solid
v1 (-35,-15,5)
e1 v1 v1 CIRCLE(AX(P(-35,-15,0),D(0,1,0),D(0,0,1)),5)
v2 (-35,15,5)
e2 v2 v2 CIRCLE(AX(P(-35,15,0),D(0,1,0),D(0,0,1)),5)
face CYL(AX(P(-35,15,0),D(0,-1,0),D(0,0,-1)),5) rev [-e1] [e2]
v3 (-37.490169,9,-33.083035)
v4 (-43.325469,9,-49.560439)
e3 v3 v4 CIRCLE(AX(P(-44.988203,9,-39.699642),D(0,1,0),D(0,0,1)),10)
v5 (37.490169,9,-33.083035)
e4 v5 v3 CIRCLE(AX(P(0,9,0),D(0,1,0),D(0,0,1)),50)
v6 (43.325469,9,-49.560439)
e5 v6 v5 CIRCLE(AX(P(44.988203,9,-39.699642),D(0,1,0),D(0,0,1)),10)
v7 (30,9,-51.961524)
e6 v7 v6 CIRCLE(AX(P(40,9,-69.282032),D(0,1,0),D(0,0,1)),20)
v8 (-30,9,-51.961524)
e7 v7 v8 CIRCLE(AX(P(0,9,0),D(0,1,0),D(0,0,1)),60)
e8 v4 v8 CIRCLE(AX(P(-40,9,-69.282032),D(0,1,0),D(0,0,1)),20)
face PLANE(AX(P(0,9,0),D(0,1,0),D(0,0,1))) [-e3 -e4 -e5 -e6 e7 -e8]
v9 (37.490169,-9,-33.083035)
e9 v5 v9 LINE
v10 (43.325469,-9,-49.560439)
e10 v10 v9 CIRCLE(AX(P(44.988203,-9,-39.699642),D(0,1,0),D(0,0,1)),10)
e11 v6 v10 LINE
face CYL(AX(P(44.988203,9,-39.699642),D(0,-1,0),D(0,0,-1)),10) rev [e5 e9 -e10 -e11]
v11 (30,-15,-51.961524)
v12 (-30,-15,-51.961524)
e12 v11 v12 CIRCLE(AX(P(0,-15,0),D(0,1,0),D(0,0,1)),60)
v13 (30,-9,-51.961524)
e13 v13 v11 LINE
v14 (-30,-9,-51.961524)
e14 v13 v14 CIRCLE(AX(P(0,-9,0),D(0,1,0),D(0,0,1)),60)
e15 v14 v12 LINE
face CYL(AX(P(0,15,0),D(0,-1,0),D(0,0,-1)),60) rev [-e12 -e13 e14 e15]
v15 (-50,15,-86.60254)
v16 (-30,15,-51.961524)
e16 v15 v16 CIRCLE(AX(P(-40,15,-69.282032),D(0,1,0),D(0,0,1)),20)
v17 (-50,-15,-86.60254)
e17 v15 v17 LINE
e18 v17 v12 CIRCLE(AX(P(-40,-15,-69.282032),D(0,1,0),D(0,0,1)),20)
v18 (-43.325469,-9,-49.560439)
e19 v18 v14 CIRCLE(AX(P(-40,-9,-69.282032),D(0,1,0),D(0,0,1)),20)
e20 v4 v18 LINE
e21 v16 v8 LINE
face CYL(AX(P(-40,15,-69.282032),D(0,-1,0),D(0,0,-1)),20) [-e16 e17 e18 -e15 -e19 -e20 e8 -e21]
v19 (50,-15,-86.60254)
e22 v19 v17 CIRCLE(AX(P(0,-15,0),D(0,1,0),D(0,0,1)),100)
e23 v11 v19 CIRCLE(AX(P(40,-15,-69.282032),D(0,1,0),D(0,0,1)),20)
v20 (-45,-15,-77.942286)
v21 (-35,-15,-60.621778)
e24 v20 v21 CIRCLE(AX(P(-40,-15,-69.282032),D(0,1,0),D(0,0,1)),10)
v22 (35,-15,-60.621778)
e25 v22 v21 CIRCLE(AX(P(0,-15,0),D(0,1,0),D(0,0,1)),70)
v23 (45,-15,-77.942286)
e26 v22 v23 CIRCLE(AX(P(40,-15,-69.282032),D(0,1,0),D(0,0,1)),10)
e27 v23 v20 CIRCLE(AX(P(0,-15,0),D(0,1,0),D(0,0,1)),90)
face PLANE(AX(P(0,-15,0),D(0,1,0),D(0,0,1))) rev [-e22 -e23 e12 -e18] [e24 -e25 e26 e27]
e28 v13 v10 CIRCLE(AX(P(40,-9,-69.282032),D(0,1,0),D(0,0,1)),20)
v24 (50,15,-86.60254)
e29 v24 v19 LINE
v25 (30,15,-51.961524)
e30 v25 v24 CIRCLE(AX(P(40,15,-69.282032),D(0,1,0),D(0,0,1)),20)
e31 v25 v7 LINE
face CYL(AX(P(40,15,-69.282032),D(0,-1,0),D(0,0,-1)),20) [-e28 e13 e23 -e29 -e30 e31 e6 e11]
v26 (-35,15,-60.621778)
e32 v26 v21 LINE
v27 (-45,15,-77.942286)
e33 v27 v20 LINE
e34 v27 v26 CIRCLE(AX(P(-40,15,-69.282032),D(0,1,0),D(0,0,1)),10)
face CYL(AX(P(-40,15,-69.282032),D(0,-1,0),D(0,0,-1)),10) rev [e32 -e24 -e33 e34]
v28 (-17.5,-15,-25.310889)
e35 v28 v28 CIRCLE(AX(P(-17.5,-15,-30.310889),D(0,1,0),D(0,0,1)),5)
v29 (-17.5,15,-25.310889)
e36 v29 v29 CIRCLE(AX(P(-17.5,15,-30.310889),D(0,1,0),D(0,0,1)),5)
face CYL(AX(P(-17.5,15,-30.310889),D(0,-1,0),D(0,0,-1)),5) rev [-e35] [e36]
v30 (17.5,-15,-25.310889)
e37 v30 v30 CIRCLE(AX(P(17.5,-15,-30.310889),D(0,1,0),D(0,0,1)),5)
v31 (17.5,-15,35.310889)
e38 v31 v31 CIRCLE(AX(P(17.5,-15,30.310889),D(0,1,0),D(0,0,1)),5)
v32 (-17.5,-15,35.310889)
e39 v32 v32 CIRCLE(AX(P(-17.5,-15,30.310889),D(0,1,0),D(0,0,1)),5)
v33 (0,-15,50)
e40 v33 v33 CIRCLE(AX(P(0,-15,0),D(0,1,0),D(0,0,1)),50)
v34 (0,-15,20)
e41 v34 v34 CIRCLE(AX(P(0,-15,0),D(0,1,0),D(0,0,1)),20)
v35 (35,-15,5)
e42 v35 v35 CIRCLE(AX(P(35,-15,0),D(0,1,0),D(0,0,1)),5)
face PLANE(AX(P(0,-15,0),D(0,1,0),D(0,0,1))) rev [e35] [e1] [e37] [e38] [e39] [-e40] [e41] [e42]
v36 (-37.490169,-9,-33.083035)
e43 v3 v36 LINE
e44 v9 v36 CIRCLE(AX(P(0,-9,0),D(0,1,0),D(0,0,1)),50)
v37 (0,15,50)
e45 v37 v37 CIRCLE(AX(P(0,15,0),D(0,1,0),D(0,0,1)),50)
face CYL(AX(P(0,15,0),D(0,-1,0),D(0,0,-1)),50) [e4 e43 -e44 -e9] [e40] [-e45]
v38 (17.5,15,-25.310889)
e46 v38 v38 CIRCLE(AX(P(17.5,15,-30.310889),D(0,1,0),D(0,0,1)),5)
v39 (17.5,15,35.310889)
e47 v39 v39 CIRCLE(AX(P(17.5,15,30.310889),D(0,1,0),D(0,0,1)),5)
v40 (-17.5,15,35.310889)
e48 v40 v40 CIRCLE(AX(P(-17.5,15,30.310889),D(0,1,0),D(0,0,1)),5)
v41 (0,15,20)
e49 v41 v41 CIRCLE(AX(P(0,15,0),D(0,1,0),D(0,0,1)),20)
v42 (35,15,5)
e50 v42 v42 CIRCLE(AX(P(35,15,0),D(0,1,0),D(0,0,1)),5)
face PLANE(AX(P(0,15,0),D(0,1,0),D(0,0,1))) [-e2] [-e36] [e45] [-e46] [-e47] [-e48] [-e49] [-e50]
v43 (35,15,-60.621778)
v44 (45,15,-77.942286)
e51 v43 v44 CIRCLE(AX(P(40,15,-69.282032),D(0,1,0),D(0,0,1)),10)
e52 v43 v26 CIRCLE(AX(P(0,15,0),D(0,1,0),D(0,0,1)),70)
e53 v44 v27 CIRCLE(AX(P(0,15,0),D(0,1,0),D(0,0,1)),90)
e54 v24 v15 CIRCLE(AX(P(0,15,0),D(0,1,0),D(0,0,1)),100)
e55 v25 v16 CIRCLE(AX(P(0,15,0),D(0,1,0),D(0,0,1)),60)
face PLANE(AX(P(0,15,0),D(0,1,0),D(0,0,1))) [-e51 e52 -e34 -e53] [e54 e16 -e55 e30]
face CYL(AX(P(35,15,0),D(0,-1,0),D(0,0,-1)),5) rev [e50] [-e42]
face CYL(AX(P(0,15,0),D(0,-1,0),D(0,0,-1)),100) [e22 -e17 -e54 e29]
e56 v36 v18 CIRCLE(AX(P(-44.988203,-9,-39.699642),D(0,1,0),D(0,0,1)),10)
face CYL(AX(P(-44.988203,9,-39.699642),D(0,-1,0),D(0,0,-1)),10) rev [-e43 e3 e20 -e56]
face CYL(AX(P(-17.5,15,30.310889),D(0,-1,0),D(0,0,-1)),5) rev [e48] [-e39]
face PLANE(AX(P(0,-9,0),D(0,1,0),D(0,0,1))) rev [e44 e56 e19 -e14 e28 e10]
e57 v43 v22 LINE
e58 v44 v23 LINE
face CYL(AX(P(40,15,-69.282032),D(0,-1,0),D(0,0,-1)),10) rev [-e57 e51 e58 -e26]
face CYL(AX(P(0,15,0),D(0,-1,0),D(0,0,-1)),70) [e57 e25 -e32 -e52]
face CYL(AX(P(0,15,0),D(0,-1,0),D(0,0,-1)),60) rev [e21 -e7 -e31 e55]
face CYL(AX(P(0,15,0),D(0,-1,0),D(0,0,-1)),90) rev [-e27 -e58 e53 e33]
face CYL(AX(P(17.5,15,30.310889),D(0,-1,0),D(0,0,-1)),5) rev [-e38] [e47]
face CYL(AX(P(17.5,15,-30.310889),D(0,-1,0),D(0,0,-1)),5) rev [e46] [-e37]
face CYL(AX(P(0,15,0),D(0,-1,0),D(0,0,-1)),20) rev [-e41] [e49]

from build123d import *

# Parameters (mm, degrees)
SKETCH1_R             = 50
SKETCH1_R_2           = 5
SKETCH1_R_3           = 20
BOSS_EXTRUDE1_DEPTH   = 15
BOSS_EXTRUDE1_2_DEPTH = 15
BOSS_EXTRUDE2_DEPTH   = 9


with BuildPart() as part:
    # Sketch1 → Boss-Extrude1 (new, symmetric)
    with BuildSketch(Plane(origin=(0, 0, 0), x_dir=(1, 0, 0), z_dir=(0, 1, 0))):
        Circle(SKETCH1_R)
        with Locations((-17.5, -30.310889132)):
            Circle(SKETCH1_R_2, mode=Mode.SUBTRACT)
        with Locations((-35, 0)):
            Circle(SKETCH1_R_2, mode=Mode.SUBTRACT)
        Circle(SKETCH1_R_3, mode=Mode.SUBTRACT)
        with Locations((17.5, -30.310889132)):
            Circle(SKETCH1_R_2, mode=Mode.SUBTRACT)
        with Locations((35, 0)):
            Circle(SKETCH1_R_2, mode=Mode.SUBTRACT)
        with Locations((-17.5, 30.310889132)):
            Circle(SKETCH1_R_2, mode=Mode.SUBTRACT)
        with Locations((17.5, 30.310889132)):
            Circle(SKETCH1_R_2, mode=Mode.SUBTRACT)
    extrude(amount=BOSS_EXTRUDE1_DEPTH, both=True)



with BuildPart() as body_2:
    # Sketch1 → Boss-Extrude1 2 (new, symmetric)
    with BuildSketch(Plane(origin=(0, 0, 0), x_dir=(1, 0, 0), z_dir=(0, 1, 0))):
        with BuildLine():
            ThreePointArc((30, 51.961524227), (57.320508076, 59.282032303), (50, 86.602540378))
            ThreePointArc((50, 86.602540378), (0, 100), (-50, 86.602540378))
            ThreePointArc((-50, 86.602540378), (-57.320508076, 59.282032303), (-30, 51.961524227))
            ThreePointArc((-30, 51.961524227), (0, 60), (30, 51.961524227))
        make_face()
        with BuildLine():
            ThreePointArc((-45, 77.942286341), (0, 90), (45, 77.942286341))
            ThreePointArc((45, 77.942286341), (48.660254038, 64.282032303), (35, 60.621778265))
            ThreePointArc((35, 60.621778265), (0, 70), (-35, 60.621778265))
            ThreePointArc((-35, 60.621778265), (-48.660254038, 64.282032303), (-45, 77.942286341))
        make_face(mode=Mode.SUBTRACT)
    extrude(amount=BOSS_EXTRUDE1_2_DEPTH, both=True)


with BuildPart() as part_1:
    add(part.part)

    add(body_2.part)  # Boss-Extrude2 merges body 2
    # Sketch1<3> → Boss-Extrude2 (add, symmetric)
    with BuildSketch(Plane(origin=(0, 0, 0), x_dir=(1, 0, 0), z_dir=(0, 1, 0))):
        with BuildLine():
            ThreePointArc((-37.490169455, 33.08303484), (0, 50), (37.490169455, 33.08303484))
            ThreePointArc((37.490169455, 33.08303484), (35.561850492, 43.037885637), (43.325468897, 49.56043864))
            ThreePointArc((43.325468897, 49.56043864), (36.453361541, 49.599010288), (30, 51.961524227))
            ThreePointArc((30, 51.961524227), (0, 60), (-30, 51.961524227))
            ThreePointArc((-30, 51.961524227), (-36.453361541, 49.599010288), (-43.325468897, 49.56043864))
            ThreePointArc((-43.325468897, 49.56043864), (-35.561850492, 43.037885637), (-37.490169455, 33.08303484))
        make_face()
    extrude(amount=BOSS_EXTRUDE2_DEPTH, both=True)


solid = part_1.part
